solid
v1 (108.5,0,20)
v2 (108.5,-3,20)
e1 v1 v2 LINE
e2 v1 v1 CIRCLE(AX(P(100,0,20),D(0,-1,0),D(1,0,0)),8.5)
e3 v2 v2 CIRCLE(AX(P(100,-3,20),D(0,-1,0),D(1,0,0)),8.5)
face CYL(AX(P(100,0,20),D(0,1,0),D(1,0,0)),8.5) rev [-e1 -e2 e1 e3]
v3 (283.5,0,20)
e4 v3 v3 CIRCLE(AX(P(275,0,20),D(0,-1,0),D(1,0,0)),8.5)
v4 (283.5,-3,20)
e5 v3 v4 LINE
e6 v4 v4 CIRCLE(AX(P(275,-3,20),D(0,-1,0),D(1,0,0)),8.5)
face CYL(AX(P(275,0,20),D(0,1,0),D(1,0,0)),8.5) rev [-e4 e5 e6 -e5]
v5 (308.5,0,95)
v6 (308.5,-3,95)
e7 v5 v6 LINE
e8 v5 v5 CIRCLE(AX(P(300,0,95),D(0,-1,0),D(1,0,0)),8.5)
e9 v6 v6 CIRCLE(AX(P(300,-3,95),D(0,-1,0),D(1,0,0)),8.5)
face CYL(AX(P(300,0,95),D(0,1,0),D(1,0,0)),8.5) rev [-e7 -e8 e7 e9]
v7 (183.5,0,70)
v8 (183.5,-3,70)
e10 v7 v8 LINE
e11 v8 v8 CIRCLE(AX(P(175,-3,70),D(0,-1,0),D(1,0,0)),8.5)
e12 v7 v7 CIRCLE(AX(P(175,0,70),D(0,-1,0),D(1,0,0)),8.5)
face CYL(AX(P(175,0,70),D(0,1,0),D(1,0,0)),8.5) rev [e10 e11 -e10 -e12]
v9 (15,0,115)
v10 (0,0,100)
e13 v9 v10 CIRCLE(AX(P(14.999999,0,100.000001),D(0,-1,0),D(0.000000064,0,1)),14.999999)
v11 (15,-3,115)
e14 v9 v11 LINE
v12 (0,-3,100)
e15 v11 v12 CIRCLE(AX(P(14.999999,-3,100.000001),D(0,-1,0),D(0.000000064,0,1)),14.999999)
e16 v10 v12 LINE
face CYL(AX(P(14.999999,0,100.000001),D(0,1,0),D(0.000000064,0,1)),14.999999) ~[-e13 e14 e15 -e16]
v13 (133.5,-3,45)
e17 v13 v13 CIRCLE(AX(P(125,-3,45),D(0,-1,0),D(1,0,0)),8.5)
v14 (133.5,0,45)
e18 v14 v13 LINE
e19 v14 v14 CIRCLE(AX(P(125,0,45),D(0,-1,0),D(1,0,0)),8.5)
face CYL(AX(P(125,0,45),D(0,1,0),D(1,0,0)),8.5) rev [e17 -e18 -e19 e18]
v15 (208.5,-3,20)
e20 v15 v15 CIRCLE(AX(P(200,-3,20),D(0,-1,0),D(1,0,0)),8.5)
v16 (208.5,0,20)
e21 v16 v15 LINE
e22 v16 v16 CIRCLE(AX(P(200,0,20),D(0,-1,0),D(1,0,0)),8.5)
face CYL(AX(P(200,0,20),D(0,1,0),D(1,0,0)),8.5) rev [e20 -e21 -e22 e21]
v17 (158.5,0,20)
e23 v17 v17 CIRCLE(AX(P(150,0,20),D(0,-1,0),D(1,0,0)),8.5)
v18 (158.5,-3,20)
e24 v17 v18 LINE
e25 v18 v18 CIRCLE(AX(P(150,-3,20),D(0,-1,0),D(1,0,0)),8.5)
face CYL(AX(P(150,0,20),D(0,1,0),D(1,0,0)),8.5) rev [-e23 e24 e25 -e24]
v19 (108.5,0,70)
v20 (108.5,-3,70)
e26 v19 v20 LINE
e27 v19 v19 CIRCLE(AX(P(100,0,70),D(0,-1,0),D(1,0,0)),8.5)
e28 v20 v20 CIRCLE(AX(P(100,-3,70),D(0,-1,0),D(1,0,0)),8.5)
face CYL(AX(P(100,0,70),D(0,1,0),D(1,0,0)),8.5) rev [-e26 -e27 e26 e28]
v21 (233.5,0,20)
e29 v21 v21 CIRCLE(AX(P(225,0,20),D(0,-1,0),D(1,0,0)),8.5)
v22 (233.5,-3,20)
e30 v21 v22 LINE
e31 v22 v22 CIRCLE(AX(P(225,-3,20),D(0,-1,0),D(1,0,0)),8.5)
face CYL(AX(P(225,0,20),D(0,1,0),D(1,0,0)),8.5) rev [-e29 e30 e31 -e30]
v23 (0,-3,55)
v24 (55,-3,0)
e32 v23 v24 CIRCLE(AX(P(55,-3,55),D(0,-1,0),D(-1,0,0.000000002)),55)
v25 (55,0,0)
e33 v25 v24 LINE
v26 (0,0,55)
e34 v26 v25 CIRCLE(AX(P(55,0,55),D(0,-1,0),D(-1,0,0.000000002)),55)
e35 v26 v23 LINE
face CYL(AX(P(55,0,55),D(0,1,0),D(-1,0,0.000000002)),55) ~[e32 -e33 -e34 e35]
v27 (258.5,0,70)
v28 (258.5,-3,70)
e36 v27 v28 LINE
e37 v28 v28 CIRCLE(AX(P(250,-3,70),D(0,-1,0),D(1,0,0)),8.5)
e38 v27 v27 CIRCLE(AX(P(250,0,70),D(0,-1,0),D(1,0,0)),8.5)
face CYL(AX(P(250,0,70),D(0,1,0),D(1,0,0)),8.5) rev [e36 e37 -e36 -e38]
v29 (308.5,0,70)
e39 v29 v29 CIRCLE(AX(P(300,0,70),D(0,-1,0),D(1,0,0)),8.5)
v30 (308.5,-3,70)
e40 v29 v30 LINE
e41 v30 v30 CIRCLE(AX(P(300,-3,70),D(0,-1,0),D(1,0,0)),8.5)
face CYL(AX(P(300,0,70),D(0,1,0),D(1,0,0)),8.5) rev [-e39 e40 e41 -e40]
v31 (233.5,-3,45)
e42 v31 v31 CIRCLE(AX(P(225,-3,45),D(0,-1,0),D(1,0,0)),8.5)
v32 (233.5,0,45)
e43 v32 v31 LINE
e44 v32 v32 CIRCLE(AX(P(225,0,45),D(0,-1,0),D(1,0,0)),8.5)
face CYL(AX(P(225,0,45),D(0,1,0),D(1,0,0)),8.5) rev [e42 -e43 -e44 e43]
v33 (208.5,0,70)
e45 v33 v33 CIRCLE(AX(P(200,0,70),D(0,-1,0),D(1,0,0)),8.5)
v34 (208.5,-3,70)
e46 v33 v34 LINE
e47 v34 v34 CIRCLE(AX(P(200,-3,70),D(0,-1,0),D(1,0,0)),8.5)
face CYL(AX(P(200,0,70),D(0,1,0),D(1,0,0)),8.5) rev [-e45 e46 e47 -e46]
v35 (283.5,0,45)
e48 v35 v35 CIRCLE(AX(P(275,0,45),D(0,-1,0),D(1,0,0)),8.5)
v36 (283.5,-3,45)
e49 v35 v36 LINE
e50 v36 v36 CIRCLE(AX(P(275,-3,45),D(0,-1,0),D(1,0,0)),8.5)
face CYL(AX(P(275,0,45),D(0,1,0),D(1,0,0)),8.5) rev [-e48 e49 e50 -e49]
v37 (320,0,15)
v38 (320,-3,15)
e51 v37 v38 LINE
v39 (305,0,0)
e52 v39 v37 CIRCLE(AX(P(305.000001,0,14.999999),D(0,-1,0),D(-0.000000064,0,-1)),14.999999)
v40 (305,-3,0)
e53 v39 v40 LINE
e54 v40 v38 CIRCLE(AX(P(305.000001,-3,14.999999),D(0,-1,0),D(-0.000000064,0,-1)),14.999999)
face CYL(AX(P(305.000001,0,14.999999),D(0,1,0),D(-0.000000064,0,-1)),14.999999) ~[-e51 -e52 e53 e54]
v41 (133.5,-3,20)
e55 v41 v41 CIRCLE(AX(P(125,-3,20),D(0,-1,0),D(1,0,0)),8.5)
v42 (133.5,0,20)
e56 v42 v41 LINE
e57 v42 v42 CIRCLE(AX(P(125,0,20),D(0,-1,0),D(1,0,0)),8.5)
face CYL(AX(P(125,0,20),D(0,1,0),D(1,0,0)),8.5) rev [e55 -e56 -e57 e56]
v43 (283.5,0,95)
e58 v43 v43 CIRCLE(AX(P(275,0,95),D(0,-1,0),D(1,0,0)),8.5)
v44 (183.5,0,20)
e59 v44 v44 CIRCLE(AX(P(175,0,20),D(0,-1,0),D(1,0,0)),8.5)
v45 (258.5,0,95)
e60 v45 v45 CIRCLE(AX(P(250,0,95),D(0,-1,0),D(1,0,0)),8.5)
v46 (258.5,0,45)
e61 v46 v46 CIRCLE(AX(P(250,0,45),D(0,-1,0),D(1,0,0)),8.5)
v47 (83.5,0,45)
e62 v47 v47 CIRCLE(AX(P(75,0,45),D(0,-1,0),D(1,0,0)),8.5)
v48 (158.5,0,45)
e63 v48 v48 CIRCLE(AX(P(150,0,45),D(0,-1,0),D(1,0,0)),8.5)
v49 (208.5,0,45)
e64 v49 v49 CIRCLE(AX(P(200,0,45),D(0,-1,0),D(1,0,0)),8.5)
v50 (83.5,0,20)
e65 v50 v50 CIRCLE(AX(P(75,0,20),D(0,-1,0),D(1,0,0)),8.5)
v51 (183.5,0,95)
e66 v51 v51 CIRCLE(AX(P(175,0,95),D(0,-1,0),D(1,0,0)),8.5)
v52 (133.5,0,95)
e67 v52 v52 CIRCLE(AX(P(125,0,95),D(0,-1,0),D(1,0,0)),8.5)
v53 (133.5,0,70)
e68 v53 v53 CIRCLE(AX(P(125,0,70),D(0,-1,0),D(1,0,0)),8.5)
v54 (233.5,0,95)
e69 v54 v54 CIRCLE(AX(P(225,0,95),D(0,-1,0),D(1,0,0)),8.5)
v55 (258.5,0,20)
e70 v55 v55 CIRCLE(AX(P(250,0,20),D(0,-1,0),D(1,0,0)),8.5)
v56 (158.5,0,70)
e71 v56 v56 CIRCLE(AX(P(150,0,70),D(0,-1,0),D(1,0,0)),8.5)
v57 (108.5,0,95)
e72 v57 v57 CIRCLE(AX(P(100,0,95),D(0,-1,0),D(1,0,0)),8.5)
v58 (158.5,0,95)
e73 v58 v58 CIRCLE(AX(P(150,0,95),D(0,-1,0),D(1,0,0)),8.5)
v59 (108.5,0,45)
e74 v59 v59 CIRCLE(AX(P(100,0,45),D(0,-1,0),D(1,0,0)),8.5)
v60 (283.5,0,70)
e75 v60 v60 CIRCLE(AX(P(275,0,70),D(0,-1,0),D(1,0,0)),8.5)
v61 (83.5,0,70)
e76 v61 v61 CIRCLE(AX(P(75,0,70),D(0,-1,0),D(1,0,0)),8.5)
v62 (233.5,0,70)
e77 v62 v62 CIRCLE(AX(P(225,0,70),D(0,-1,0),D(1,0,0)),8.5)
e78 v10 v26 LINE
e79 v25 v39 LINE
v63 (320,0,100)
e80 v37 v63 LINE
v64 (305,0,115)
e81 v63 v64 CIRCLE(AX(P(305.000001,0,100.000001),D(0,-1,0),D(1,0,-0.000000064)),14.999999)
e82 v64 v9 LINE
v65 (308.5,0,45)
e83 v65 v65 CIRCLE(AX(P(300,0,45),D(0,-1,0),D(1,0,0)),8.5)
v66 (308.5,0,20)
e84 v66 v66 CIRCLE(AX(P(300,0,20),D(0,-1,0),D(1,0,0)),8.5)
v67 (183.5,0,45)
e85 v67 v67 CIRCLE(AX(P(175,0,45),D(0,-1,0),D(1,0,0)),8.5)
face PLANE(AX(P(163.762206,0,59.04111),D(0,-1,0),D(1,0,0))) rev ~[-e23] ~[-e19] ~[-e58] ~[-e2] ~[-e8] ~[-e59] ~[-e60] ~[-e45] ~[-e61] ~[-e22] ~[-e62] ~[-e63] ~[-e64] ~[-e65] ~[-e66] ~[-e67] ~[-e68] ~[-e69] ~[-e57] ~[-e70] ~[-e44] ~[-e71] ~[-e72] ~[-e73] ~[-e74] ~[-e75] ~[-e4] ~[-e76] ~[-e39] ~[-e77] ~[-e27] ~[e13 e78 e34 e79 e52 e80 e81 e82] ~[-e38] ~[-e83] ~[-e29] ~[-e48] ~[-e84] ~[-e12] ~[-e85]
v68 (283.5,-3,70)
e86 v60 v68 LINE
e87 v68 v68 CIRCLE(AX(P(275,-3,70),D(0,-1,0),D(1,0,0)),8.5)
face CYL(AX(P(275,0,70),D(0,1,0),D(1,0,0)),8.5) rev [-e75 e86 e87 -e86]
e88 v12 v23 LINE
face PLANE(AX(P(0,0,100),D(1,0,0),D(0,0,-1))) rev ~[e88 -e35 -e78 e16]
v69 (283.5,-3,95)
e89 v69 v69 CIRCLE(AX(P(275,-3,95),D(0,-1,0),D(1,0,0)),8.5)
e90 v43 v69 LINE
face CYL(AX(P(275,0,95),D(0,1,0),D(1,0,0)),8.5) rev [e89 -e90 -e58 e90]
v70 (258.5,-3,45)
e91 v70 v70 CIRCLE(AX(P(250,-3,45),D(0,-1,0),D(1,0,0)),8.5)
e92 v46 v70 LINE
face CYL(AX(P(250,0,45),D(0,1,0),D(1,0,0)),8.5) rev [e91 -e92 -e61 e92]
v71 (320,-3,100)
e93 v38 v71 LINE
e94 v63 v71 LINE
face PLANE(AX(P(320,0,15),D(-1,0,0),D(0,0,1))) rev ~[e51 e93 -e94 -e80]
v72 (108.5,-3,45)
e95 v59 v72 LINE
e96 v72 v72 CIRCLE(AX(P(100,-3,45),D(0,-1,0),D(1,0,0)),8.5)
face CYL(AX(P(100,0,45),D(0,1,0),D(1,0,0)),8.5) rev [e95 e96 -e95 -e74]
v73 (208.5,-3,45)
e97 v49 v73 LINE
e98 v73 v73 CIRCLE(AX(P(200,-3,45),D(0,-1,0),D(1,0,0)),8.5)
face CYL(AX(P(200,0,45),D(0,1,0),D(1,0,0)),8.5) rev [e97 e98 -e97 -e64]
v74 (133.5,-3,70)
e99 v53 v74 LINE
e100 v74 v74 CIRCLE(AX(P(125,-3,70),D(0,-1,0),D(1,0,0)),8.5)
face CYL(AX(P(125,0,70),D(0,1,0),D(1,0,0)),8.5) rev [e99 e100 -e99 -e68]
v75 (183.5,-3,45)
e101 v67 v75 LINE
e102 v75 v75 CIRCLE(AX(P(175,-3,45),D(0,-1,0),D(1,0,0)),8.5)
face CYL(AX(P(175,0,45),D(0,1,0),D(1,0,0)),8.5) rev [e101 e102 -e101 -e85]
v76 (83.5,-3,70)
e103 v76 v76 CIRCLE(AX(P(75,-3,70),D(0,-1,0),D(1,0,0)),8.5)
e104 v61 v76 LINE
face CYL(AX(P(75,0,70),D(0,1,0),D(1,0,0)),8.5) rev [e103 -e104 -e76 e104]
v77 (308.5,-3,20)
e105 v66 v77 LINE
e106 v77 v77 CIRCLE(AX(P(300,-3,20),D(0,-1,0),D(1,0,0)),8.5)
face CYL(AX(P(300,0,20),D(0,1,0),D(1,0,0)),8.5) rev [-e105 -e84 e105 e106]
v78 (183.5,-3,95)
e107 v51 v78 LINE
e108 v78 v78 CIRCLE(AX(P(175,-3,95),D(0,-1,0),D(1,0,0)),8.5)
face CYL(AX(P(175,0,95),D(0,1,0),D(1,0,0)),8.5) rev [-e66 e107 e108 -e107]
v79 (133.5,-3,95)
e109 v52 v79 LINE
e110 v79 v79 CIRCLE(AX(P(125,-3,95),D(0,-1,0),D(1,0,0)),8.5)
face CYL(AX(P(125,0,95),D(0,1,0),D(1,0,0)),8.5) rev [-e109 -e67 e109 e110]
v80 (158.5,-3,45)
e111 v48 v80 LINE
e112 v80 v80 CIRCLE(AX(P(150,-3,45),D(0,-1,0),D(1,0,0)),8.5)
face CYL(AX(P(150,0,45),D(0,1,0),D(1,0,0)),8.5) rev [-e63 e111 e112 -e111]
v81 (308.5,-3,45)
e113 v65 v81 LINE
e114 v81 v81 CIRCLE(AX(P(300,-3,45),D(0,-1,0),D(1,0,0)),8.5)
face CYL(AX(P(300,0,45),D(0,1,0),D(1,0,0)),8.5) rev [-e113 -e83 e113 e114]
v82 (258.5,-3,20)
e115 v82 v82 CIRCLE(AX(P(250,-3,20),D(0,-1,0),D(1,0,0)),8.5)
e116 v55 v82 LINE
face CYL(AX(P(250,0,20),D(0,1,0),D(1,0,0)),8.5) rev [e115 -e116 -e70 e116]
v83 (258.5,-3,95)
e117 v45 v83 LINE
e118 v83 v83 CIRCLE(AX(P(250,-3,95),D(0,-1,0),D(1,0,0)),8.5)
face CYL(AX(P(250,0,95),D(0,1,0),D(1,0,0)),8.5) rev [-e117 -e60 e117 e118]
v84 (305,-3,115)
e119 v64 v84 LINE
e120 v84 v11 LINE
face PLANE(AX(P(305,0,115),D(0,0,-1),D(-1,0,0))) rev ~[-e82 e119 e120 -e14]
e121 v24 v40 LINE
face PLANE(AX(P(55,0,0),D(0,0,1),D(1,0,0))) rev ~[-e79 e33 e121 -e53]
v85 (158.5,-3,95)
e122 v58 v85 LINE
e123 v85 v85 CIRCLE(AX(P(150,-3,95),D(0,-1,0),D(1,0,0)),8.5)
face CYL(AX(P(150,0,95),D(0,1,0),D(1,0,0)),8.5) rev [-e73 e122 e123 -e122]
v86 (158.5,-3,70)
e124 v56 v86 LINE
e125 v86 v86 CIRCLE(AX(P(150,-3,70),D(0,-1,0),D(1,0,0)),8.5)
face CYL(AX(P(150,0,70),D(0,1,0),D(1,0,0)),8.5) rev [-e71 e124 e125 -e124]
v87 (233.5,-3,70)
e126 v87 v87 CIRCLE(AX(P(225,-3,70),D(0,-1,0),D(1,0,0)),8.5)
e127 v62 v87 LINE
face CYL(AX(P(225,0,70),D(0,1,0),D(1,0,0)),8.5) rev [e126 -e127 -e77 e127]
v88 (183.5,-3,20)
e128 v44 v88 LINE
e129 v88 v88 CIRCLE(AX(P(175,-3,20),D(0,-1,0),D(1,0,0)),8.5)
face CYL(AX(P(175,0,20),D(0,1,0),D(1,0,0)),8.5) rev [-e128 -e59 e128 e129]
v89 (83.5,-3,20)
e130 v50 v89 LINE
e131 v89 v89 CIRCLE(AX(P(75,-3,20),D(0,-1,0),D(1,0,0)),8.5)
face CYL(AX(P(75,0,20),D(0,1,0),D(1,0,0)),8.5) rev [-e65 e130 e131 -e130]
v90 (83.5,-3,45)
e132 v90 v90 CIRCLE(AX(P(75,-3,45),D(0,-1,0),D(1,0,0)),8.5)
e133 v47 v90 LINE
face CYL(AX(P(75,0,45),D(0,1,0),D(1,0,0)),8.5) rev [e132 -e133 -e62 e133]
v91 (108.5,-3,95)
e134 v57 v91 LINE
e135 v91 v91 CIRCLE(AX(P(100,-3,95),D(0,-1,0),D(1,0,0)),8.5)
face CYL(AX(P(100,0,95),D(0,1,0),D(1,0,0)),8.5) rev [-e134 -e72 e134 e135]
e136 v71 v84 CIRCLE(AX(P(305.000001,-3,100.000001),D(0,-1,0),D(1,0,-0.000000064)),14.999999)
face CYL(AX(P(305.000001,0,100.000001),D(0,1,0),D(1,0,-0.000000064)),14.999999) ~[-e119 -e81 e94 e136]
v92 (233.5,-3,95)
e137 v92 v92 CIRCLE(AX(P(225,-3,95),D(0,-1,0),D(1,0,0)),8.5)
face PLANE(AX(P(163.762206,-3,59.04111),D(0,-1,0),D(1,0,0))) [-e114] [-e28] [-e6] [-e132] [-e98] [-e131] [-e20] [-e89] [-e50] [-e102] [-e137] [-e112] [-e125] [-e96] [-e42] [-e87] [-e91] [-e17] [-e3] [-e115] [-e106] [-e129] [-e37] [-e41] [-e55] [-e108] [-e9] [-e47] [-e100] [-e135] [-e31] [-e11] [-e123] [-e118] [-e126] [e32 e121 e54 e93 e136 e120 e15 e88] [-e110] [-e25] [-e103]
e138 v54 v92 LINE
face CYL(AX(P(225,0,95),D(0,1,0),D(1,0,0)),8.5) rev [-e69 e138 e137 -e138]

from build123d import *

# Parameters (mm, degrees)
F0_R     = 8.5
F1_DEPTH = 3


with BuildPart() as f1:
    # F0 (on Front) → F1 (new body)
    with BuildSketch(Plane.XZ):
        with BuildLine():
            ThreePointArc((0, 55), (16.109127, 16.109127), (55, 0))
            Line((55, 0), (305, 0))
            ThreePointArc((305, 0), (315.606602, 4.393398), (320, 15))
            Line((320, 15), (320, 100))
            ThreePointArc((320, 100), (315.606602, 110.606602), (305, 115))
            Line((305, 115), (15, 115))
            ThreePointArc((15, 115), (4.393398, 110.606602), (0, 100))
            Line((0, 100), (0, 55))
        make_face()
        with Locations((75, 20)):
            Circle(F0_R, mode=Mode.SUBTRACT)
        with Locations((100, 20)):
            Circle(F0_R, mode=Mode.SUBTRACT)
        with Locations((125, 20)):
            Circle(F0_R, mode=Mode.SUBTRACT)
        with Locations((150, 20)):
            Circle(F0_R, mode=Mode.SUBTRACT)
        with Locations((75, 45)):
            Circle(F0_R, mode=Mode.SUBTRACT)
        with Locations((100, 45)):
            Circle(F0_R, mode=Mode.SUBTRACT)
        with Locations((125, 45)):
            Circle(F0_R, mode=Mode.SUBTRACT)
        with Locations((150, 45)):
            Circle(F0_R, mode=Mode.SUBTRACT)
        with Locations((175, 20)):
            Circle(F0_R, mode=Mode.SUBTRACT)
        with Locations((200, 20)):
            Circle(F0_R, mode=Mode.SUBTRACT)
        with Locations((225, 20)):
            Circle(F0_R, mode=Mode.SUBTRACT)
        with Locations((250, 20)):
            Circle(F0_R, mode=Mode.SUBTRACT)
        with Locations((275, 20)):
            Circle(F0_R, mode=Mode.SUBTRACT)
        with Locations((300, 20)):
            Circle(F0_R, mode=Mode.SUBTRACT)
        with Locations((175, 45)):
            Circle(F0_R, mode=Mode.SUBTRACT)
        with Locations((200, 45)):
            Circle(F0_R, mode=Mode.SUBTRACT)
        with Locations((225, 45)):
            Circle(F0_R, mode=Mode.SUBTRACT)
        with Locations((250, 45)):
            Circle(F0_R, mode=Mode.SUBTRACT)
        with Locations((275, 45)):
            Circle(F0_R, mode=Mode.SUBTRACT)
        with Locations((300, 45)):
            Circle(F0_R, mode=Mode.SUBTRACT)
        with Locations((75, 70)):
            Circle(F0_R, mode=Mode.SUBTRACT)
        with Locations((100, 70)):
            Circle(F0_R, mode=Mode.SUBTRACT)
        with Locations((125, 70)):
            Circle(F0_R, mode=Mode.SUBTRACT)
        with Locations((150, 70)):
            Circle(F0_R, mode=Mode.SUBTRACT)
        with Locations((100, 95)):
            Circle(F0_R, mode=Mode.SUBTRACT)
        with Locations((125, 95)):
            Circle(F0_R, mode=Mode.SUBTRACT)
        with Locations((150, 95)):
            Circle(F0_R, mode=Mode.SUBTRACT)
        with Locations((175, 70)):
            Circle(F0_R, mode=Mode.SUBTRACT)
        with Locations((200, 70)):
            Circle(F0_R, mode=Mode.SUBTRACT)
        with Locations((225, 70)):
            Circle(F0_R, mode=Mode.SUBTRACT)
        with Locations((250, 70)):
            Circle(F0_R, mode=Mode.SUBTRACT)
        with Locations((275, 70)):
            Circle(F0_R, mode=Mode.SUBTRACT)
        with Locations((300, 70)):
            Circle(F0_R, mode=Mode.SUBTRACT)
        with Locations((175, 95)):
            Circle(F0_R, mode=Mode.SUBTRACT)
        with Locations((225, 95)):
            Circle(F0_R, mode=Mode.SUBTRACT)
        with Locations((250, 95)):
            Circle(F0_R, mode=Mode.SUBTRACT)
        with Locations((275, 95)):
            Circle(F0_R, mode=Mode.SUBTRACT)
        with Locations((300, 95)):
            Circle(F0_R, mode=Mode.SUBTRACT)
    extrude(amount=F1_DEPTH)


solid = f1.part
